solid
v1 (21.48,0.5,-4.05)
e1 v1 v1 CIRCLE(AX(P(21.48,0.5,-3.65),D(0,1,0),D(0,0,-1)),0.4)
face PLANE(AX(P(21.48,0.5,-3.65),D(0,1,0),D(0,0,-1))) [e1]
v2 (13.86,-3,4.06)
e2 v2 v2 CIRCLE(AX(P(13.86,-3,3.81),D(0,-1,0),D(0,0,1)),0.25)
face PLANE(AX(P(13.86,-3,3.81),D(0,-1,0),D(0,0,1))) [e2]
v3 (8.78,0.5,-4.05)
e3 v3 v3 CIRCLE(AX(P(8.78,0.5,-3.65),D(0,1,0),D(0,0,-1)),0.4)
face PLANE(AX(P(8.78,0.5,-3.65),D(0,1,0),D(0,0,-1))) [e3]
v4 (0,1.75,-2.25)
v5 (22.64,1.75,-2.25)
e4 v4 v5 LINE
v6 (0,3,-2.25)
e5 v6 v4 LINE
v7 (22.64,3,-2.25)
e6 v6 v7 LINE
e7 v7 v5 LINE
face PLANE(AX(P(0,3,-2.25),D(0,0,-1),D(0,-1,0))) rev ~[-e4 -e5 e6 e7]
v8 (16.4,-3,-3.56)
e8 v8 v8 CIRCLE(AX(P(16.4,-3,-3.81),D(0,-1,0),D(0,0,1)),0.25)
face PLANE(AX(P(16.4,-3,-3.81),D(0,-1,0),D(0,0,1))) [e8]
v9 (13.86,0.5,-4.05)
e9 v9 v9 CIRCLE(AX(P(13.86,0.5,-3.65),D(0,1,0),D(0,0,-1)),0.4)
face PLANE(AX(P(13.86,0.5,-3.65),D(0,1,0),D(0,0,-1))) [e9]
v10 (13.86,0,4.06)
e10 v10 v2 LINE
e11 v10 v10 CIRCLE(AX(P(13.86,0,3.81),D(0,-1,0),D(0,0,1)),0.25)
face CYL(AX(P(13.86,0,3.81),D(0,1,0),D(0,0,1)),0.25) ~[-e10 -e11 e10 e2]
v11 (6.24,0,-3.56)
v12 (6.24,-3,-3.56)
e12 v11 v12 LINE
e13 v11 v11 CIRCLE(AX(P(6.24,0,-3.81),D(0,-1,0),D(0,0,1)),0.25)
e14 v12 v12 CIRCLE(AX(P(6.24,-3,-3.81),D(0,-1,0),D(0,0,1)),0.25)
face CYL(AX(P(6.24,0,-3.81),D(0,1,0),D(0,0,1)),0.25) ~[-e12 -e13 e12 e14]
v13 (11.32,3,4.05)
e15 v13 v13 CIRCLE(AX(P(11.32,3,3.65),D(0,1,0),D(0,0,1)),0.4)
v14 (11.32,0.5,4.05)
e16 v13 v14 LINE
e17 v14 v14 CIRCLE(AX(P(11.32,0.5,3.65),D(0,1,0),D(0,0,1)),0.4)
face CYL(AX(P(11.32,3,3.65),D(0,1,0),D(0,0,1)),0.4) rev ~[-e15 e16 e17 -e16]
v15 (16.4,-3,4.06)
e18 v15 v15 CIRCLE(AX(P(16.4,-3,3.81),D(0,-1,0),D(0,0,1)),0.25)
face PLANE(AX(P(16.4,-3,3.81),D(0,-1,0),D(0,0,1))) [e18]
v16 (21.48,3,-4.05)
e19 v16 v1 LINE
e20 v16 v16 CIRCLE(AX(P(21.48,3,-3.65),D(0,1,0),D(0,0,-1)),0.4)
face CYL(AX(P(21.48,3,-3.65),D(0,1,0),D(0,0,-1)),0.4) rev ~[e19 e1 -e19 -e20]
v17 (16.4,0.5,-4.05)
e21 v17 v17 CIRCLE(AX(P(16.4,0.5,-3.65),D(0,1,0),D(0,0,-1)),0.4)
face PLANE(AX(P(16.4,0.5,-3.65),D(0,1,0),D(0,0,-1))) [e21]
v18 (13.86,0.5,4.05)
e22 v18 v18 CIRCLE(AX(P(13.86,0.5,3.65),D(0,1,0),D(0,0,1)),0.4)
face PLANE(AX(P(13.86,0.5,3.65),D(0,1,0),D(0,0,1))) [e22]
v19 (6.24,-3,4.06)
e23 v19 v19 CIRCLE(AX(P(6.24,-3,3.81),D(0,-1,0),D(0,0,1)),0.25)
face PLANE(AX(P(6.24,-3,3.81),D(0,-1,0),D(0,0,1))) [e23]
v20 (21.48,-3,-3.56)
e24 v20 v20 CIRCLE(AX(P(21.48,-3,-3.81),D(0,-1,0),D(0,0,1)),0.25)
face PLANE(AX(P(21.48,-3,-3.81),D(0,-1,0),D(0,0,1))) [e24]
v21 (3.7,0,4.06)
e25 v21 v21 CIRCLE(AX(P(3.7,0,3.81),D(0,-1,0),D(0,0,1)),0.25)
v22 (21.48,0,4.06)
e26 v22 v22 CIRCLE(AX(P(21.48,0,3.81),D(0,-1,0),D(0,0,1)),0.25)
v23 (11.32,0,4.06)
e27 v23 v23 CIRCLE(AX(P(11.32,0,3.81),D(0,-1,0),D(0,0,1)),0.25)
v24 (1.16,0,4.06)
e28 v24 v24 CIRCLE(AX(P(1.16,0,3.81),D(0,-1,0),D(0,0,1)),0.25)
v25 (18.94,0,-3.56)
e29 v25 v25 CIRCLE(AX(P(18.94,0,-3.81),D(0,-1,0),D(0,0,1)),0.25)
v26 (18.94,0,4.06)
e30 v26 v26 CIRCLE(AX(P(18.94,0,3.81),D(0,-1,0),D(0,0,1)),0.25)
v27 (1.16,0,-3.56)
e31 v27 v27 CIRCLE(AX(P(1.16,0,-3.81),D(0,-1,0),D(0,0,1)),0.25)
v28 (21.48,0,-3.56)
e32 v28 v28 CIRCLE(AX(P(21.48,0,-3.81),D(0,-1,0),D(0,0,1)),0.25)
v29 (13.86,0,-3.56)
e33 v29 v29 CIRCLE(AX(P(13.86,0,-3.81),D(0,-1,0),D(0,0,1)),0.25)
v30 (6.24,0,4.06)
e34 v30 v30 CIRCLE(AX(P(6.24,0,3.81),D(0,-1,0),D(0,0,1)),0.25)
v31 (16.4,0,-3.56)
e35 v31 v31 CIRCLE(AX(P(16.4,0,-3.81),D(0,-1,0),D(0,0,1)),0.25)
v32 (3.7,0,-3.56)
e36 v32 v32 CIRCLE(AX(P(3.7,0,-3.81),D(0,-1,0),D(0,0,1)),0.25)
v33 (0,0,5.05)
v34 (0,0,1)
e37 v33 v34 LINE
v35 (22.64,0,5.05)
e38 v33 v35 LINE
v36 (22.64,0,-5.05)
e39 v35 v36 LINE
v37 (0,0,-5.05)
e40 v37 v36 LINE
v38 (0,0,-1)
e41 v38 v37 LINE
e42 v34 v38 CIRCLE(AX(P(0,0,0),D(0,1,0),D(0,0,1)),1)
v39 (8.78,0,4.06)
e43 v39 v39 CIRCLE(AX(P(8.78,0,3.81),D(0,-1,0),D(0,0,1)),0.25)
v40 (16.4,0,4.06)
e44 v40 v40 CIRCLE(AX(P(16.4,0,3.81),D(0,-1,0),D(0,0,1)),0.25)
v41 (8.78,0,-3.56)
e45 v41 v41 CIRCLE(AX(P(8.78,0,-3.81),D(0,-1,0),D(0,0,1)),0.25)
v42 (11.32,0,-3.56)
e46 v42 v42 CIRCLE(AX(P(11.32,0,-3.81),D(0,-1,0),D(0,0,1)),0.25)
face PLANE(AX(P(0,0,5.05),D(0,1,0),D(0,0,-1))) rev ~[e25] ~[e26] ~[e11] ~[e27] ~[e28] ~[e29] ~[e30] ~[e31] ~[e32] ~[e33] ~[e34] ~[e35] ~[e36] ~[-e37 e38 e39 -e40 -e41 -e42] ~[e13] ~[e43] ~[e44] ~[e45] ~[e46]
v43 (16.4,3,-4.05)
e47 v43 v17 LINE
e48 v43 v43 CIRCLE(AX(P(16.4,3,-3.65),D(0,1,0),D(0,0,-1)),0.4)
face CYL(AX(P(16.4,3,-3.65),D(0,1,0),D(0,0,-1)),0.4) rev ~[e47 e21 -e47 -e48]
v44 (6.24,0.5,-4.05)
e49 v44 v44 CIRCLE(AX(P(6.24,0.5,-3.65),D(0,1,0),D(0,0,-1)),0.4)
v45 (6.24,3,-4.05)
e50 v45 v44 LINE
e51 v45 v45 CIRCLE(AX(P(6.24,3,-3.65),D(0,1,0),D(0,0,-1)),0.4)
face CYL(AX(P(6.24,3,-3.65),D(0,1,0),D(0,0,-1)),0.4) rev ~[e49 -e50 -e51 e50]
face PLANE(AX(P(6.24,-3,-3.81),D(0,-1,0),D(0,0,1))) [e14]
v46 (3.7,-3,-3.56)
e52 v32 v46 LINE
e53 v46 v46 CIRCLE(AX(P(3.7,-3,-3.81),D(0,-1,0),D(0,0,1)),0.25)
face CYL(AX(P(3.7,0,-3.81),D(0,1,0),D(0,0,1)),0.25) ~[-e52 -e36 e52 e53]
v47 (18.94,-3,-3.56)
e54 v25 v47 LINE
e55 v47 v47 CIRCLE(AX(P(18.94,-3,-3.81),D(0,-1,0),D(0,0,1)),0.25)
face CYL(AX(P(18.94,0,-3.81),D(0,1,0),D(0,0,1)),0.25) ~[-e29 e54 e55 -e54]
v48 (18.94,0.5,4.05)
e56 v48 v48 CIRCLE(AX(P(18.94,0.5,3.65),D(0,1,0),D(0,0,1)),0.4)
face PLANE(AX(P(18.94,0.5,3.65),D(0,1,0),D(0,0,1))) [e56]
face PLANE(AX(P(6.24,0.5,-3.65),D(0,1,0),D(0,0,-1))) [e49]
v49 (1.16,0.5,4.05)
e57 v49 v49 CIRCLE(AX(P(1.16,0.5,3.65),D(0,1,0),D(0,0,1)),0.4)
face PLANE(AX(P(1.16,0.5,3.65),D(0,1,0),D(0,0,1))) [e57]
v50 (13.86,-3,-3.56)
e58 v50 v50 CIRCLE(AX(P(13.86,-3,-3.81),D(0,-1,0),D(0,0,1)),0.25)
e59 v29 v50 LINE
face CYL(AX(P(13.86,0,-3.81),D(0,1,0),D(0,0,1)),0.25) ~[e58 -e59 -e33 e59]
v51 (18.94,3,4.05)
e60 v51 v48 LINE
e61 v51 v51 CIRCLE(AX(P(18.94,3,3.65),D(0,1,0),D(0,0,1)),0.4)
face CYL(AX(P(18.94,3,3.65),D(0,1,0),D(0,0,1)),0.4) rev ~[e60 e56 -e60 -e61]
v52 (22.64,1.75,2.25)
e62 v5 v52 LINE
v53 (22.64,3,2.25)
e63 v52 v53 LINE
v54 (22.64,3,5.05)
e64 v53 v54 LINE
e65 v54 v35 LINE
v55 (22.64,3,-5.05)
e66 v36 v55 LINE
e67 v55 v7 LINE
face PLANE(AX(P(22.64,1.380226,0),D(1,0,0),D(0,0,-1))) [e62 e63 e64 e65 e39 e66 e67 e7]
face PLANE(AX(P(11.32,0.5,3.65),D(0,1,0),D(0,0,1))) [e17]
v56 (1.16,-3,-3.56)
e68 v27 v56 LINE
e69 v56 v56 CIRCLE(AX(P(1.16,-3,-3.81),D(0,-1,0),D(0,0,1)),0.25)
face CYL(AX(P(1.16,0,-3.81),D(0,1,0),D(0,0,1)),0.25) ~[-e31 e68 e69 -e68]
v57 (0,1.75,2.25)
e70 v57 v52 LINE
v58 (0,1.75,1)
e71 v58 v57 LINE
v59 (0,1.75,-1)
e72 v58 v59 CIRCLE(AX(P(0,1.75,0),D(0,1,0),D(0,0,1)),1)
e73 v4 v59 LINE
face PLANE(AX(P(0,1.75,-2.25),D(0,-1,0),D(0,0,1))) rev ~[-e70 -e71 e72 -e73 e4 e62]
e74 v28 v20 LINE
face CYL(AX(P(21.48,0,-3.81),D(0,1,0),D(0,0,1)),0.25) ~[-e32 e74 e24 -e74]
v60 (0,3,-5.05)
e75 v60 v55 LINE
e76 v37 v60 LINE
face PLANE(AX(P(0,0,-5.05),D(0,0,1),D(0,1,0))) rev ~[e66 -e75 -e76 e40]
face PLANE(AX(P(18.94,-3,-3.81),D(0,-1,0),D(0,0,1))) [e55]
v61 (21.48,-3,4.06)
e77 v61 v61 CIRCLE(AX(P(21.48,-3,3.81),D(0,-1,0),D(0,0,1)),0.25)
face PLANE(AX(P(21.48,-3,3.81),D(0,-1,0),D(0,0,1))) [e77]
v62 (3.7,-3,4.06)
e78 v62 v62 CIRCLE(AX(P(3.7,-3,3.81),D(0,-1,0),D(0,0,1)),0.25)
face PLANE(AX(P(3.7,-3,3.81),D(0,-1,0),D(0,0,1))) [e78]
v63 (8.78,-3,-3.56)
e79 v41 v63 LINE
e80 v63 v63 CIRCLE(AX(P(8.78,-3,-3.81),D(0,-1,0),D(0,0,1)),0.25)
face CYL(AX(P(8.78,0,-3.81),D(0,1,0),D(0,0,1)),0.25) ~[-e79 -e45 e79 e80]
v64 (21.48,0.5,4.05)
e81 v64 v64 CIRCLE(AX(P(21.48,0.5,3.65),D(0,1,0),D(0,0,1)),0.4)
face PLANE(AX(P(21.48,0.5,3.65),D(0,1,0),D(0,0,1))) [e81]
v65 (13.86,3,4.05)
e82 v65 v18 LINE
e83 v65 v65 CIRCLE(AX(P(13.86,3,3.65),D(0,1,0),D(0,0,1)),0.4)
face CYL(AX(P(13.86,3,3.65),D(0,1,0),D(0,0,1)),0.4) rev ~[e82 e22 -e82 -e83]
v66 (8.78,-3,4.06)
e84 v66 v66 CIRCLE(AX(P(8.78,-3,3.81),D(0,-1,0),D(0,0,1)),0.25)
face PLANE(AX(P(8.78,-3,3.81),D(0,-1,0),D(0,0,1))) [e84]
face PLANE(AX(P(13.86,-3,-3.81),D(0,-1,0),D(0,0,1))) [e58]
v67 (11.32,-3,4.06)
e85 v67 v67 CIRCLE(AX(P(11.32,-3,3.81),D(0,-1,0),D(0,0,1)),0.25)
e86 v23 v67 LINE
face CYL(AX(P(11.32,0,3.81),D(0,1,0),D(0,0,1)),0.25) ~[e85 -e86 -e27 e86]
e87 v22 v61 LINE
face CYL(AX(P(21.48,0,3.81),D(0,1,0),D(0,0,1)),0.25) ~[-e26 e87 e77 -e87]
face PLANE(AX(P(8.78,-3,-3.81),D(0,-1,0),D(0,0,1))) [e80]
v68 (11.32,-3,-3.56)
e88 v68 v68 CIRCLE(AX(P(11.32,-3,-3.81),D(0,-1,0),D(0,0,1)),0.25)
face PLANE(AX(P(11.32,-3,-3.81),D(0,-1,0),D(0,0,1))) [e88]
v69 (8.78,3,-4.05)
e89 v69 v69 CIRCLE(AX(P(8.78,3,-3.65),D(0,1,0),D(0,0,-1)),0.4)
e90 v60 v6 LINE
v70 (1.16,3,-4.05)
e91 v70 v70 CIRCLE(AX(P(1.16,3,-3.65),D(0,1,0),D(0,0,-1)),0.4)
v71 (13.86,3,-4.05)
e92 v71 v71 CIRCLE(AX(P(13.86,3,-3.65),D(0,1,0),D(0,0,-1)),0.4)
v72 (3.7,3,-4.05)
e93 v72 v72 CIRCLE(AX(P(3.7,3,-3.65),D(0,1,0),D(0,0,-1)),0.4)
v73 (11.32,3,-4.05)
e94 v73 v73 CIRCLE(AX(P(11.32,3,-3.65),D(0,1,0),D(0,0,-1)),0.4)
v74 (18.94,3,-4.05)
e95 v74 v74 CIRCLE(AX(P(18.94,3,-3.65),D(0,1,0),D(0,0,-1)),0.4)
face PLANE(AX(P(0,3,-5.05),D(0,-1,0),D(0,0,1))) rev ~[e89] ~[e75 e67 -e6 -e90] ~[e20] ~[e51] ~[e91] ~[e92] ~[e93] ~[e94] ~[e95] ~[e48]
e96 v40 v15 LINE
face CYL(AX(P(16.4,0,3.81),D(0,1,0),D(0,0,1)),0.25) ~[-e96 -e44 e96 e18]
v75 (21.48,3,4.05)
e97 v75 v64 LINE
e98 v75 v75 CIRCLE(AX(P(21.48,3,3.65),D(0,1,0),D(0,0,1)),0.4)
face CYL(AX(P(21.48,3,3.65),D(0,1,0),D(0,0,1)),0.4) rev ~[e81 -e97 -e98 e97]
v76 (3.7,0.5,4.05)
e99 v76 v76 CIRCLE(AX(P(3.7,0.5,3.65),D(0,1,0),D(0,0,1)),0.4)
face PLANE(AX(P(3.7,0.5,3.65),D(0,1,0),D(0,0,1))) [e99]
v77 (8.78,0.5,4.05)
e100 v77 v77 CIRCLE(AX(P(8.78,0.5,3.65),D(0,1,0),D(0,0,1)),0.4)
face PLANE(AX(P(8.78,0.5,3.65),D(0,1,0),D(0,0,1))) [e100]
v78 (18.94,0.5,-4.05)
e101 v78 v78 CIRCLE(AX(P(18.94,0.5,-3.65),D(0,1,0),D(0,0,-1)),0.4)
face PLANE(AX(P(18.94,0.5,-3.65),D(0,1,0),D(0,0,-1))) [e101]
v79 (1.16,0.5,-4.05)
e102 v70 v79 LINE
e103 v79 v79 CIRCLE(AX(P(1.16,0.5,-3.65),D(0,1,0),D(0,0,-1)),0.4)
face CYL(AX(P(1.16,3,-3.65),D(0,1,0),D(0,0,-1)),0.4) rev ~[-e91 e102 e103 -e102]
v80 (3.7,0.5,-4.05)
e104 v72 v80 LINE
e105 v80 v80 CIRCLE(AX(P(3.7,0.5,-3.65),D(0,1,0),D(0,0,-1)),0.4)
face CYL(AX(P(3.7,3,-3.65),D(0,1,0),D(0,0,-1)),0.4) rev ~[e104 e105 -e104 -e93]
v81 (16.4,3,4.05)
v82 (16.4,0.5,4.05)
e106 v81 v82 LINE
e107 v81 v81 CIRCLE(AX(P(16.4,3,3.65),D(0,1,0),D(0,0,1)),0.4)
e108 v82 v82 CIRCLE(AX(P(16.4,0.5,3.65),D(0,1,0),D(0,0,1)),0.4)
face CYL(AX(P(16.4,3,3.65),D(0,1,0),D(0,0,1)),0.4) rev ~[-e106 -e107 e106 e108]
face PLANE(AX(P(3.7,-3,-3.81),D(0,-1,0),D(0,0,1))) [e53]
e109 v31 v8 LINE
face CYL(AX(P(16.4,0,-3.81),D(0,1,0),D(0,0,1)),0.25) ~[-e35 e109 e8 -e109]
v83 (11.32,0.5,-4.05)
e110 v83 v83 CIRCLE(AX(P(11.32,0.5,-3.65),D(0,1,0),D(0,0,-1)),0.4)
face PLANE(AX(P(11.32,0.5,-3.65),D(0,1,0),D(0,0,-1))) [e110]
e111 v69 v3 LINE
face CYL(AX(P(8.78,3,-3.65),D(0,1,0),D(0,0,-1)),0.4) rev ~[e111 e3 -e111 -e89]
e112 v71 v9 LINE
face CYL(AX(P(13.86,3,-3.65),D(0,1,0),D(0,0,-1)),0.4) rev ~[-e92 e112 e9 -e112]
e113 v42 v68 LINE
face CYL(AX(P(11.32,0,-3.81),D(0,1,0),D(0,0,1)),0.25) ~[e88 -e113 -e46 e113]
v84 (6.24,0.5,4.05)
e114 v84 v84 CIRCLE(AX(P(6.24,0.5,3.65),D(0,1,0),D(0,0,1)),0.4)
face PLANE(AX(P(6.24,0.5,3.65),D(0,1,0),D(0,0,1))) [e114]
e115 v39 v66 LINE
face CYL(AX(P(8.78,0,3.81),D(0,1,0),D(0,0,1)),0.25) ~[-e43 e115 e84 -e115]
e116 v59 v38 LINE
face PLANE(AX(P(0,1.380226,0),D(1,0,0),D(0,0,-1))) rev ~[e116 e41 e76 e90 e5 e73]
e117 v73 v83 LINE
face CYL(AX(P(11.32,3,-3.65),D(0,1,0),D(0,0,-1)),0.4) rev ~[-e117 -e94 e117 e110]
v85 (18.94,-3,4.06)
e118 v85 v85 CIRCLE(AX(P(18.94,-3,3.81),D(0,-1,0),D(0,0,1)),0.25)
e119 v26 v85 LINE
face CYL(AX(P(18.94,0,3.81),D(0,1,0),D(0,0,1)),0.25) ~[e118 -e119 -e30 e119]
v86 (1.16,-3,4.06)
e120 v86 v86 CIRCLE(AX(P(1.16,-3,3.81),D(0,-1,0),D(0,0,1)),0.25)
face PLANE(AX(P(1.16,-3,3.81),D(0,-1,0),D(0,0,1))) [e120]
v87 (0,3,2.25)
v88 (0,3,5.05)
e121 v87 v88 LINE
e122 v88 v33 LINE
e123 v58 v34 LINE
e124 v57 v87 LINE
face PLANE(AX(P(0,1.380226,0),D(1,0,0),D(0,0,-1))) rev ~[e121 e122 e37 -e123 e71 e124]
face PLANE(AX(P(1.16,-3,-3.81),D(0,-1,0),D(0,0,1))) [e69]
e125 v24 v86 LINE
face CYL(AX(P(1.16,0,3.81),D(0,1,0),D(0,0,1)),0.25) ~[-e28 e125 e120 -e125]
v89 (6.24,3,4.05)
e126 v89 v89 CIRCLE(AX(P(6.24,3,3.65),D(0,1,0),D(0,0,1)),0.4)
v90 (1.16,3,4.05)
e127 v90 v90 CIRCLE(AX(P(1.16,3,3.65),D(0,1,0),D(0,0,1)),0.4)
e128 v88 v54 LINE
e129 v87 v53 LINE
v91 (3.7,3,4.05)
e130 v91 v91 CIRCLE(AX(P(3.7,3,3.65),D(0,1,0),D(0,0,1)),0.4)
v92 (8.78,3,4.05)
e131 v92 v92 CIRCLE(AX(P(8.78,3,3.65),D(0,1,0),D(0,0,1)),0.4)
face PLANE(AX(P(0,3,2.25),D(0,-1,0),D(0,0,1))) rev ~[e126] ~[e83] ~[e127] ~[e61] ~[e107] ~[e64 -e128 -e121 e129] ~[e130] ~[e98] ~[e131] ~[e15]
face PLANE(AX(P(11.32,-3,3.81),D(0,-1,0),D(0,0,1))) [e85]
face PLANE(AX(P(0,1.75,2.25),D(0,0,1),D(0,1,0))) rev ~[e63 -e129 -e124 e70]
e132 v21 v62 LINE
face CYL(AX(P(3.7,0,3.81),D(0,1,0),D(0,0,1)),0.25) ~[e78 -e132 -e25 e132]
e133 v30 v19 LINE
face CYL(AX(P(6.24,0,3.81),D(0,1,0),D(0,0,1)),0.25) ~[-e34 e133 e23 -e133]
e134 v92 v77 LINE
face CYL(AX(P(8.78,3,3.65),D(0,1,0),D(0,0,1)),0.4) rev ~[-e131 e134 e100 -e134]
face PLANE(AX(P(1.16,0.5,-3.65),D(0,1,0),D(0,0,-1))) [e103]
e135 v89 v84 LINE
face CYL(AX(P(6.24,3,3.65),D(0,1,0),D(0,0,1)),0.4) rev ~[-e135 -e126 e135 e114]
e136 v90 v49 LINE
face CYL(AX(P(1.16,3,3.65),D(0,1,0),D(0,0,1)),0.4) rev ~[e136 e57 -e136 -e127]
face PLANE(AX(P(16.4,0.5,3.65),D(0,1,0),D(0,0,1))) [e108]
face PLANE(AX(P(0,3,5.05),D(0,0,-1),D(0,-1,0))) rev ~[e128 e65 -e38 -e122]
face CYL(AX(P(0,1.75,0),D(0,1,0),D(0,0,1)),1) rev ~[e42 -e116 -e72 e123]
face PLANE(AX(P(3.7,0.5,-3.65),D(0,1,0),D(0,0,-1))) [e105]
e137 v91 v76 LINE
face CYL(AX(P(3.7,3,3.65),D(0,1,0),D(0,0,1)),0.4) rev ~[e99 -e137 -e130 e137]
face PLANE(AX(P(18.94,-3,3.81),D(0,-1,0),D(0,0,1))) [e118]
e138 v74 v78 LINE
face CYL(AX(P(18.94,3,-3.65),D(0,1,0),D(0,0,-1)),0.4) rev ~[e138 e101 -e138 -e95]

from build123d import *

# Parameters (mm, degrees)
EXTRUSION1_DEPTH        = 22.64
ENL_V_MAT_EXTRU_1_DEPTH = 24.262299972
ESQUISSE3_R             = 0.4
ENL_V_MAT_EXTRU_2_DEPTH = 2.5
ESQUISSE5_R             = 0.25
EXTRUSION2_DEPTH        = 3


with BuildPart() as part:
    # Esquisse1 → Extrusion1 (new body)
    with BuildSketch(Plane(origin=(0, 0, 0), x_dir=(0, 0, -1), z_dir=(1, 0, 0))):
        Polygon((-2.25, 1.75), (-2.25, 3), (-5.05, 3), (-5.05, 0), (5.05, 0), (5.05, 3), (2.25, 3), (2.25, 1.75), align=None)
    extrude(amount=EXTRUSION1_DEPTH)

    # Esquisse2 → Enlèv. mat.-Extru.1 (cut, through all)
    with BuildSketch(Plane(origin=(0, 1.75, 0), x_dir=(-1, 0, 0), z_dir=(0, 1, 0))):
        with BuildLine():
            Line((0, -1), (0, 1))
            ThreePointArc((0, 1), (-1, 0), (0, -1))
        make_face()
    extrude(amount=-ENL_V_MAT_EXTRU_1_DEPTH, mode=Mode.SUBTRACT)

    # Esquisse3 → Enlèv. mat.-Extru.2 (cut)
    with BuildSketch(Plane(origin=(0, 3, 0), x_dir=(-1, 0, 0), z_dir=(0, 1, 0))):
        with Locations(Location((-1.16, 3.65, 0), (0, 0, 90))):
            Circle(ESQUISSE3_R)
        with Locations(Location((-1.16, -3.65, 0), (0, 0, 270))):
            Circle(ESQUISSE3_R)
        with Locations(Location((-3.7, 3.65, 0), (0, 0, 90))):
            Circle(ESQUISSE3_R)
        with Locations(Location((-3.7, -3.65, 0), (0, 0, 270))):
            Circle(ESQUISSE3_R)
        with Locations(Location((-6.24, 3.65, 0), (0, 0, 90))):
            Circle(ESQUISSE3_R)
        with Locations(Location((-6.24, -3.65, 0), (0, 0, 270))):
            Circle(ESQUISSE3_R)
        with Locations(Location((-8.78, 3.65, 0), (0, 0, 90))):
            Circle(ESQUISSE3_R)
        with Locations(Location((-8.78, -3.65, 0), (0, 0, 270))):
            Circle(ESQUISSE3_R)
        with Locations(Location((-11.32, 3.65, 0), (0, 0, 90))):
            Circle(ESQUISSE3_R)
        with Locations(Location((-11.32, -3.65, 0), (0, 0, 270))):
            Circle(ESQUISSE3_R)
        with Locations(Location((-13.86, 3.65, 0), (0, 0, 90))):
            Circle(ESQUISSE3_R)
        with Locations(Location((-13.86, -3.65, 0), (0, 0, 270))):
            Circle(ESQUISSE3_R)
        with Locations(Location((-16.4, 3.65, 0), (0, 0, 90))):
            Circle(ESQUISSE3_R)
        with Locations(Location((-16.4, -3.65, 0), (0, 0, 270))):
            Circle(ESQUISSE3_R)
        with Locations(Location((-18.94, 3.65, 0), (0, 0, 90))):
            Circle(ESQUISSE3_R)
        with Locations(Location((-18.94, -3.65, 0), (0, 0, 270))):
            Circle(ESQUISSE3_R)
        with Locations(Location((-21.48, 3.65, 0), (0, 0, 90))):
            Circle(ESQUISSE3_R)
        with Locations(Location((-21.48, -3.65, 0), (0, 0, 270))):
            Circle(ESQUISSE3_R)
    extrude(amount=-ENL_V_MAT_EXTRU_2_DEPTH, mode=Mode.SUBTRACT)

    # Esquisse5 → Extrusion2 (add)
    with BuildSketch(Plane.XZ):
        with Locations(Location((1.16, 3.81, 0), (0, 0, 90))):
            Circle(ESQUISSE5_R)
        with Locations(Location((1.16, -3.81, 0), (0, 0, 90))):
            Circle(ESQUISSE5_R)
        with Locations(Location((3.7, -3.81, 0), (0, 0, 90))):
            Circle(ESQUISSE5_R)
        with Locations(Location((3.7, 3.81, 0), (0, 0, 90))):
            Circle(ESQUISSE5_R)
        with Locations(Location((6.24, -3.81, 0), (0, 0, 90))):
            Circle(ESQUISSE5_R)
        with Locations(Location((6.24, 3.81, 0), (0, 0, 90))):
            Circle(ESQUISSE5_R)
        with Locations(Location((8.78, -3.81, 0), (0, 0, 90))):
            Circle(ESQUISSE5_R)
        with Locations(Location((8.78, 3.81, 0), (0, 0, 90))):
            Circle(ESQUISSE5_R)
        with Locations(Location((11.32, -3.81, 0), (0, 0, 90))):
            Circle(ESQUISSE5_R)
        with Locations(Location((11.32, 3.81, 0), (0, 0, 90))):
            Circle(ESQUISSE5_R)
        with Locations(Location((13.86, -3.81, 0), (0, 0, 90))):
            Circle(ESQUISSE5_R)
        with Locations(Location((13.86, 3.81, 0), (0, 0, 90))):
            Circle(ESQUISSE5_R)
        with Locations(Location((16.4, -3.81, 0), (0, 0, 90))):
            Circle(ESQUISSE5_R)
        with Locations(Location((16.4, 3.81, 0), (0, 0, 90))):
            Circle(ESQUISSE5_R)
        with Locations(Location((18.94, -3.81, 0), (0, 0, 90))):
            Circle(ESQUISSE5_R)
        with Locations(Location((18.94, 3.81, 0), (0, 0, 90))):
            Circle(ESQUISSE5_R)
        with Locations(Location((21.48, -3.81, 0), (0, 0, 90))):
            Circle(ESQUISSE5_R)
        with Locations(Location((21.48, 3.81, 0), (0, 0, 90))):
            Circle(ESQUISSE5_R)
    extrude(amount=EXTRUSION2_DEPTH)


solid = part.part
